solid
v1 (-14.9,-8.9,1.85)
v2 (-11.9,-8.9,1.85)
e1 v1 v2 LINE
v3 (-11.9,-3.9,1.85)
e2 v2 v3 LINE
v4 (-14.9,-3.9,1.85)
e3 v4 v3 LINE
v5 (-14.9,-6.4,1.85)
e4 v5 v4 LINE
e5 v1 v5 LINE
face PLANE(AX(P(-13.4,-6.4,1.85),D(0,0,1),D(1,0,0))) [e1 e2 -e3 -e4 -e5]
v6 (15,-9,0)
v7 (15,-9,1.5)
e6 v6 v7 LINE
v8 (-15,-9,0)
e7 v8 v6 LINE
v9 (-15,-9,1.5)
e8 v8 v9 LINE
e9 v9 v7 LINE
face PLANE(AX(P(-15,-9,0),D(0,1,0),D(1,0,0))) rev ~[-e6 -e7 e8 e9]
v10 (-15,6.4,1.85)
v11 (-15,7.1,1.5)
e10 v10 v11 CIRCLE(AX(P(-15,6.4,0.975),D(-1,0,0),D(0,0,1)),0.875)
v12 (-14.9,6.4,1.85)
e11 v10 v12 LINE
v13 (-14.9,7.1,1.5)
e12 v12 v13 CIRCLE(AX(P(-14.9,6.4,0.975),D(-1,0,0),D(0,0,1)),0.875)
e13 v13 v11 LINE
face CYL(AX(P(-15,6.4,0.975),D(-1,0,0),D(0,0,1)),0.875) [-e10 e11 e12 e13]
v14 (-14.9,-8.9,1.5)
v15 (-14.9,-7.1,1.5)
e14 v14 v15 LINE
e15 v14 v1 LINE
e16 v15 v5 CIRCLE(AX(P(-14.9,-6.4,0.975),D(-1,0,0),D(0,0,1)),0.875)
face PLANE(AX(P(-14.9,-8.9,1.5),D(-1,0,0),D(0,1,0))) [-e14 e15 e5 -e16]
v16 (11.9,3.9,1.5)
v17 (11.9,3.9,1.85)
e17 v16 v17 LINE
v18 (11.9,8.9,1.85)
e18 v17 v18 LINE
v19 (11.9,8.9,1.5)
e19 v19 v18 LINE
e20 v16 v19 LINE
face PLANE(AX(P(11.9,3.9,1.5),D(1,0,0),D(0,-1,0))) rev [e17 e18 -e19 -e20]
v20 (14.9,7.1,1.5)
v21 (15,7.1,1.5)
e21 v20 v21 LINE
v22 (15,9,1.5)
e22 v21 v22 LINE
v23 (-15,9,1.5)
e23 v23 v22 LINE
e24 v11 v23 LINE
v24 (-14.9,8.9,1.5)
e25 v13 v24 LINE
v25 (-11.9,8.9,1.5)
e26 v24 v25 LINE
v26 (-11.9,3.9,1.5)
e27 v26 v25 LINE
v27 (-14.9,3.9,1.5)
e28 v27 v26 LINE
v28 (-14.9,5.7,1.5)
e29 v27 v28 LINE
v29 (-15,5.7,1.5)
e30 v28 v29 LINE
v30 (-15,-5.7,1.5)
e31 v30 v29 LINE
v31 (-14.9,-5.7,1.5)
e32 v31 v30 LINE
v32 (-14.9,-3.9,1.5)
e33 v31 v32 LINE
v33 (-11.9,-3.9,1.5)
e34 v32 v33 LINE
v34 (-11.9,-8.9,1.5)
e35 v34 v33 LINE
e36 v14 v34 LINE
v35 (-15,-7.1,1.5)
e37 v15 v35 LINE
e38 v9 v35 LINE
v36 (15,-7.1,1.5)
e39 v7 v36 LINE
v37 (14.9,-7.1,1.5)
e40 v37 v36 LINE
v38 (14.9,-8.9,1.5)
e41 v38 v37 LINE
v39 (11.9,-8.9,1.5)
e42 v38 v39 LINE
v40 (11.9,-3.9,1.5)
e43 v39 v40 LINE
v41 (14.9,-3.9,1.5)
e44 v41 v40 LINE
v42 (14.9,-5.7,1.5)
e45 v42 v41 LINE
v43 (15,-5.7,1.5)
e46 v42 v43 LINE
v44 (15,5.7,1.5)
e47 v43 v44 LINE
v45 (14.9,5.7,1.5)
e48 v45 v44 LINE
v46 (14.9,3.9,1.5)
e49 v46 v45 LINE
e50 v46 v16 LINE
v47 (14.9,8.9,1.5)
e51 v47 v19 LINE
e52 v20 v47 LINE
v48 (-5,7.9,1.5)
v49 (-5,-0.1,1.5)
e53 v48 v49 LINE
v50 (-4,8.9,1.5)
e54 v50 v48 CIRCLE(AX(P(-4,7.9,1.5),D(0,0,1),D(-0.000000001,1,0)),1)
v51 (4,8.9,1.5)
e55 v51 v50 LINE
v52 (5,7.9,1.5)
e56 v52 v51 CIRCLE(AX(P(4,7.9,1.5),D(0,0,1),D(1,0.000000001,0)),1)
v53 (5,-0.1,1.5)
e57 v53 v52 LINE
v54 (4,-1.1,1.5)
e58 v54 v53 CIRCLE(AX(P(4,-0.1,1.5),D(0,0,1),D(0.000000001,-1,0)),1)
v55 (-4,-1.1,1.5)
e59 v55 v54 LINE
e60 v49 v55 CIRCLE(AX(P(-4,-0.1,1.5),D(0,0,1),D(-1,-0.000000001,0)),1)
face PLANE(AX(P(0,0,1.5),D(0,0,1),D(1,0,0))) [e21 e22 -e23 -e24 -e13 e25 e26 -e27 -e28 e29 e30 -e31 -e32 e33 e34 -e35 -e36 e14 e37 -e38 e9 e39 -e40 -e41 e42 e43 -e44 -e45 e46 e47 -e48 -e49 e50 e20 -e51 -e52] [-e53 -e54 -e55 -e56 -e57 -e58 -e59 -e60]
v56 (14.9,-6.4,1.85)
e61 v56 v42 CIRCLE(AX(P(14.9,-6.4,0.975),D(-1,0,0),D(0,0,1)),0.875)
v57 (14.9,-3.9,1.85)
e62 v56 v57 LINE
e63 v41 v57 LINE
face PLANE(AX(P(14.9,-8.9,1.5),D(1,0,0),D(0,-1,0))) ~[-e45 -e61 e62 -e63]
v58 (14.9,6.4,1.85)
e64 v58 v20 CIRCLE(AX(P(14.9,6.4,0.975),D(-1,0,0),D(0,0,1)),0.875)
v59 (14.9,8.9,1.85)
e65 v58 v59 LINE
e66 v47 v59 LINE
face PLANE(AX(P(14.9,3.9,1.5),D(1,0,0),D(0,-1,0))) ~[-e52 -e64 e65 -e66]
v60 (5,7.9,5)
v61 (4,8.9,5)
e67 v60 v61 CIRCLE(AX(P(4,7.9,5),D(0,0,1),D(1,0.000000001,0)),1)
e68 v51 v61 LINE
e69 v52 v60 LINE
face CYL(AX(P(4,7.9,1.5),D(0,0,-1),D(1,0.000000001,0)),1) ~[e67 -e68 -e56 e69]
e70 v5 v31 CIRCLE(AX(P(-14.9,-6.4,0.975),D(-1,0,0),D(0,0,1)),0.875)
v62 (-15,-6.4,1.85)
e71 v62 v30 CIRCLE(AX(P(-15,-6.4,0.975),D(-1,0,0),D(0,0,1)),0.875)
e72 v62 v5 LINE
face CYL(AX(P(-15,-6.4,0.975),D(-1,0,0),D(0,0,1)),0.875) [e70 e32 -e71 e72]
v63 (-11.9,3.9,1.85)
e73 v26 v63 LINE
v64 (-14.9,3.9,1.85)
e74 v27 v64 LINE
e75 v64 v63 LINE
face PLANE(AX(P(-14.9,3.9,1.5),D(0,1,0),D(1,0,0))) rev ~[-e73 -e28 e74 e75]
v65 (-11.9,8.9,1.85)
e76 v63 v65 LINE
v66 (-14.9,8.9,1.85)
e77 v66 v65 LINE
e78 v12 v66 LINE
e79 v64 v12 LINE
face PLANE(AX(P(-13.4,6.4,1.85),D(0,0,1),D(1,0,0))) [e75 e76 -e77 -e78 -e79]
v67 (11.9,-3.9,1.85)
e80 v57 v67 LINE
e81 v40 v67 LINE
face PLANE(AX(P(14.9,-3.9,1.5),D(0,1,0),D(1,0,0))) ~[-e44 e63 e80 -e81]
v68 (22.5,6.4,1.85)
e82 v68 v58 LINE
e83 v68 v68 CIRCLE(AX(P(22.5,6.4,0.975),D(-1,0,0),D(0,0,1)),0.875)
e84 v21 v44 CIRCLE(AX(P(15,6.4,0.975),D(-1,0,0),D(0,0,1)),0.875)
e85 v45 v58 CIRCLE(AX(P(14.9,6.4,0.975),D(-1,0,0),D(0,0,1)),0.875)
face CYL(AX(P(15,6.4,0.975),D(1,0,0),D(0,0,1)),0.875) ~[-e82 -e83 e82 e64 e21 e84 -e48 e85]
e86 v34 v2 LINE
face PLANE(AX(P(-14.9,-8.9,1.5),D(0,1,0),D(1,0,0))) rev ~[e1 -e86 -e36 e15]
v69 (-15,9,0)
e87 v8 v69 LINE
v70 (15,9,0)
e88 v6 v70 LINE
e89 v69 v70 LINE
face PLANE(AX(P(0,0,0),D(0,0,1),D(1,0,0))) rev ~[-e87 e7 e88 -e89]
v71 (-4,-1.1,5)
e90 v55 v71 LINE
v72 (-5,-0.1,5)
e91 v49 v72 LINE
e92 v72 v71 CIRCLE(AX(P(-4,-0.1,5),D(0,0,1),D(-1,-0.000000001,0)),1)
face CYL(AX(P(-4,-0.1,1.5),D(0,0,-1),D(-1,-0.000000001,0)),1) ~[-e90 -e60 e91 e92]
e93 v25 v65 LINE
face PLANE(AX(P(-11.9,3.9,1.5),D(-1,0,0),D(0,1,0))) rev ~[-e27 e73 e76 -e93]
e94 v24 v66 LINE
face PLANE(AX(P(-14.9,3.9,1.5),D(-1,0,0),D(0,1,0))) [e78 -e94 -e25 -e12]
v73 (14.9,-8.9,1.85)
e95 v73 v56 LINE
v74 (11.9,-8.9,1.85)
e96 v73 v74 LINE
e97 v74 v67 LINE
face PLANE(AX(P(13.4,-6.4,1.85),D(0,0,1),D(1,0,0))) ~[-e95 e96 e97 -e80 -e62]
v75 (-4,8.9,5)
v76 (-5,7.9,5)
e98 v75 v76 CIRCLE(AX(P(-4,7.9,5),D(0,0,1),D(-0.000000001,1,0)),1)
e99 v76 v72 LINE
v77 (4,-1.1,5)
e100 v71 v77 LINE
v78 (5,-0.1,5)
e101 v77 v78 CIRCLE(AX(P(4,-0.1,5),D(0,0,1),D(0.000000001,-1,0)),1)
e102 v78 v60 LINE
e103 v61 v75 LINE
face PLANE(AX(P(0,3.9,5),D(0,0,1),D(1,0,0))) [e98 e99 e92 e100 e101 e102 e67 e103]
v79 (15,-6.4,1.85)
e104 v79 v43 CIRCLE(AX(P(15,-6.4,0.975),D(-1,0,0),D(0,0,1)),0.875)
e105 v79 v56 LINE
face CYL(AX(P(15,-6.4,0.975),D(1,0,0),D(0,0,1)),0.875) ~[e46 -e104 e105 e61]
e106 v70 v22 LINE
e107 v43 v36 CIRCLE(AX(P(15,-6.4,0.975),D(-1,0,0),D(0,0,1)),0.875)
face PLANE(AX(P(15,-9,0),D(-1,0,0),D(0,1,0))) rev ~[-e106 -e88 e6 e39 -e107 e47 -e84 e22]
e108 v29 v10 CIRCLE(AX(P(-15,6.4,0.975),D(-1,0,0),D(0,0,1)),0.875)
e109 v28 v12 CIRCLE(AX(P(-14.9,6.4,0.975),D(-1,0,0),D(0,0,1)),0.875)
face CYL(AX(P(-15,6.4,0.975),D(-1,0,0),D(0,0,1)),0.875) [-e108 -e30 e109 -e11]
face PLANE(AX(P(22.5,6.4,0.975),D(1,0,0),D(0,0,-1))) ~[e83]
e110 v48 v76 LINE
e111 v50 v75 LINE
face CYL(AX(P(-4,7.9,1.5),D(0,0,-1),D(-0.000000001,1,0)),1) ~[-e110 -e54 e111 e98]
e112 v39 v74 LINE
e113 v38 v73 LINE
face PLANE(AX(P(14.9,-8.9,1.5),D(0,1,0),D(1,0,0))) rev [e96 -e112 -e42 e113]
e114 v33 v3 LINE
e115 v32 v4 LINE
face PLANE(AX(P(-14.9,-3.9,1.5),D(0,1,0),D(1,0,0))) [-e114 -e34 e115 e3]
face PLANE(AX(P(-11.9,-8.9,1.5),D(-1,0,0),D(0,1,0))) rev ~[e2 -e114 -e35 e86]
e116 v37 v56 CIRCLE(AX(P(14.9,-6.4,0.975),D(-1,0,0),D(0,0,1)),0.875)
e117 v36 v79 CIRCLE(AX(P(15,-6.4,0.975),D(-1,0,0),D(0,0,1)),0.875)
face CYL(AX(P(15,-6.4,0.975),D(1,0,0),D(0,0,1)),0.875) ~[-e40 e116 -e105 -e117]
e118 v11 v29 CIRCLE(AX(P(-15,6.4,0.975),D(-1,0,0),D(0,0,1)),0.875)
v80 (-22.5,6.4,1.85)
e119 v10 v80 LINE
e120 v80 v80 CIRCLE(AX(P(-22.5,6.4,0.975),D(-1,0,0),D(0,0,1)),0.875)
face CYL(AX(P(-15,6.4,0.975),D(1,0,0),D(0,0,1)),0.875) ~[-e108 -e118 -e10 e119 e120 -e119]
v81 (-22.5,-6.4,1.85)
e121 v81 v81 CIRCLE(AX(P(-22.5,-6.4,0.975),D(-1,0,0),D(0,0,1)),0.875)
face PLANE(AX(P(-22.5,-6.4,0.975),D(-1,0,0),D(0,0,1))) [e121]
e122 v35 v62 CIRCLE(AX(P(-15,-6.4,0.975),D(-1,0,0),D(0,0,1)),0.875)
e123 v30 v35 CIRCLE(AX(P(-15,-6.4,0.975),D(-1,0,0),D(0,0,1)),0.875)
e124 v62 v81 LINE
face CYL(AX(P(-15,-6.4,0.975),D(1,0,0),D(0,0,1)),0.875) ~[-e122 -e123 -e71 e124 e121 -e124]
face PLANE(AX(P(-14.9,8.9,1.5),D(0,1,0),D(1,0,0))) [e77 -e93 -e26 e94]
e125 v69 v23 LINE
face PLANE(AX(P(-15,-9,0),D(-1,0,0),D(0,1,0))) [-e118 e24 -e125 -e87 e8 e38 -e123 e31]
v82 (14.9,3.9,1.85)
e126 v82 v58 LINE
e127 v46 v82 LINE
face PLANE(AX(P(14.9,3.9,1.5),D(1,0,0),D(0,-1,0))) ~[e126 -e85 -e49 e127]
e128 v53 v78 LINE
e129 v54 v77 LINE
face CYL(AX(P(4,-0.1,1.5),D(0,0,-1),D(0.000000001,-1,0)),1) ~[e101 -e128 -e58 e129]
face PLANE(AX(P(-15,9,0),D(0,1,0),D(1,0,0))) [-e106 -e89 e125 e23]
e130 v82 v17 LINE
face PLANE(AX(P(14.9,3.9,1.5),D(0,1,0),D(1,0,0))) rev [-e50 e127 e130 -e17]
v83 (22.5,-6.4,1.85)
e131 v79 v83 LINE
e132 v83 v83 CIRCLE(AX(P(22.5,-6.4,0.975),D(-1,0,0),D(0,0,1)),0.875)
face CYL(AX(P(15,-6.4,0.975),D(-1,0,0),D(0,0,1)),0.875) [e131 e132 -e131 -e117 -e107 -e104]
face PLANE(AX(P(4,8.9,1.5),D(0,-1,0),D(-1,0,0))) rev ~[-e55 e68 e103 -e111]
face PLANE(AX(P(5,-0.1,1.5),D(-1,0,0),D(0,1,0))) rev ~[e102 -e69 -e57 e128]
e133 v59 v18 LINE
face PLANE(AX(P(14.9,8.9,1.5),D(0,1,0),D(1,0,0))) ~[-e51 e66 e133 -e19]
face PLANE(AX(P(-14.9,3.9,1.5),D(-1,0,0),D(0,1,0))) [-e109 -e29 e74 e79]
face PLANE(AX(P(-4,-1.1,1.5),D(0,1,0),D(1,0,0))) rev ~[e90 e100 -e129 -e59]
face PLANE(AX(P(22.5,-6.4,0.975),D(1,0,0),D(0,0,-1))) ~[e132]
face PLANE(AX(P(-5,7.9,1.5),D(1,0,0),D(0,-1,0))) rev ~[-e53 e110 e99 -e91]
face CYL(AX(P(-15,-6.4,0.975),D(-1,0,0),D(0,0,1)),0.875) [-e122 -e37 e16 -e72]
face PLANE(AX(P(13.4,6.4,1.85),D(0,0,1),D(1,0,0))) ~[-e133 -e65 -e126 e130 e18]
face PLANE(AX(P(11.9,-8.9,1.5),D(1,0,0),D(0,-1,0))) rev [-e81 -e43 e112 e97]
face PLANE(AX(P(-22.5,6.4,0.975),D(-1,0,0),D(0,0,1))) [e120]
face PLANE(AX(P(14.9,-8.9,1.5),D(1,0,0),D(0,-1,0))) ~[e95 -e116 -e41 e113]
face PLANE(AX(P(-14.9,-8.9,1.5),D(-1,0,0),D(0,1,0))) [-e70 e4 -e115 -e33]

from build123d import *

# Parameters (mm, degrees)
SKETCH1_W                       = 30
SKETCH1_H                       = 18
BOSS_EXTRUDE1_DEPTH             = 1.5
BOSS_EXTRUDE2_DEPTH             = 3.5
SKETCH3_W                       = 3
SKETCH3_H                       = 5
BOSS_EXTRUDE3_DEPTH             = 0.35
SKETCH4_R                       = 0.875
BOSS_EXTRUDE4_DEPTH             = 7.5
BOSS_EXTRUDE4_DIRECTION_2_REACH = 33.718


with BuildPart() as part:
    # Sketch1 → Boss-Extrude1 (new body)
    with BuildSketch(Plane.XY):
        Rectangle(SKETCH1_W, SKETCH1_H)
    extrude(amount=BOSS_EXTRUDE1_DEPTH)

    # Sketch2 → Boss-Extrude2 (add)
    with BuildSketch(Plane.XY.offset(1.5)):
        with BuildLine():
            Line((-4, -1.1), (4, -1.1))
            ThreePointArc((4, -1.1), (4.707106781, -0.807106781), (5, -0.1))
            Line((5, -0.1), (5, 7.9))
            ThreePointArc((5, 7.9), (4.707106781, 8.607106781), (4, 8.9))
            Line((4, 8.9), (-4, 8.9))
            ThreePointArc((-4, 8.9), (-4.707106781, 8.607106781), (-5, 7.9))
            Line((-5, 7.9), (-5, -0.1))
            ThreePointArc((-5, -0.1), (-4.707106781, -0.807106781), (-4, -1.1))
        make_face()
    extrude(amount=BOSS_EXTRUDE2_DEPTH)

    # Sketch3 → Boss-Extrude3 (add)
    with BuildSketch(Plane.XY.offset(1.5)):
        with Locations((-13.4, 6.4)):
            Rectangle(SKETCH3_W, SKETCH3_H)
        with Locations((-13.4, -6.4)):
            Rectangle(SKETCH3_W, SKETCH3_H)
    boss_extrude3 = extrude(amount=BOSS_EXTRUDE3_DEPTH)

    # Sketch4 → Boss-Extrude4 (add)
    with BuildSketch(Plane.ZY.offset(15)):
        with Locations((0.975, 6.4)):
            Circle(SKETCH4_R)
        with Locations((0.975, -6.4)):
            Circle(SKETCH4_R)
    boss_extrude4 = extrude(amount=BOSS_EXTRUDE4_DEPTH)

    # Boss-Extrude4 direction 2: up to this face of the body (flat: up to its plane)
    boss_extrude4_direction_2_end = Plane(part.part.faces().sort_by_distance((-14.9, -6.4, 1.675))[0])
    # Sketch4 → Boss-Extrude4 direction 2 (add, up to the picked face)
    with BuildSketch(Plane.ZY.offset(15), mode=Mode.PRIVATE) as boss_extrude4_direction_2_sk1:
        with Locations((0.975, 6.4)):
            Circle(SKETCH4_R)
    boss_extrude4_direction_2_tool1 = split(extrude(boss_extrude4_direction_2_sk1.sketch, amount=-BOSS_EXTRUDE4_DIRECTION_2_REACH, mode=Mode.PRIVATE), bisect_by=boss_extrude4_direction_2_end, keep=Keep.BOTH, mode=Mode.PRIVATE)
    # Sketch4 → Boss-Extrude4 direction 2 (add, up to the picked face)
    with BuildSketch(Plane.ZY.offset(15), mode=Mode.PRIVATE) as boss_extrude4_direction_2_sk2:
        with Locations((0.975, -6.4)):
            Circle(SKETCH4_R)
    boss_extrude4_direction_2_tool2 = split(extrude(boss_extrude4_direction_2_sk2.sketch, amount=-BOSS_EXTRUDE4_DIRECTION_2_REACH, mode=Mode.PRIVATE), bisect_by=boss_extrude4_direction_2_end, keep=Keep.BOTH, mode=Mode.PRIVATE)
    boss_extrude4_direction_2_1 = boss_extrude4_direction_2_tool1.solids().sort_by(Axis((-15, 6.4, 0.975), (1, 0, 0)))[0]
    add(boss_extrude4_direction_2_1)
    boss_extrude4_direction_2_2 = boss_extrude4_direction_2_tool2.solids().sort_by(Axis((-15, -6.4, 0.975), (1, 0, 0)))[0]
    add(boss_extrude4_direction_2_2)
    boss_extrude4_direction_2 = boss_extrude4_direction_2_1 + boss_extrude4_direction_2_2  # Boss-Extrude4 direction 2 as one shape, for the pattern or mirror that repeats it

    # Mirror2: Boss-Extrude3, Boss-Extrude4, Boss-Extrude4 direction 2 across plane
    add(boss_extrude3.mirror(Plane(origin=(0, 0, 0), x_dir=(0, 0, 1), z_dir=(1, 0, 0))))
    add(boss_extrude4.mirror(Plane(origin=(0, 0, 0), x_dir=(0, 0, 1), z_dir=(1, 0, 0))))
    add(boss_extrude4_direction_2.mirror(Plane(origin=(0, 0, 0), x_dir=(0, 0, 1), z_dir=(1, 0, 0))))


solid = part.part
